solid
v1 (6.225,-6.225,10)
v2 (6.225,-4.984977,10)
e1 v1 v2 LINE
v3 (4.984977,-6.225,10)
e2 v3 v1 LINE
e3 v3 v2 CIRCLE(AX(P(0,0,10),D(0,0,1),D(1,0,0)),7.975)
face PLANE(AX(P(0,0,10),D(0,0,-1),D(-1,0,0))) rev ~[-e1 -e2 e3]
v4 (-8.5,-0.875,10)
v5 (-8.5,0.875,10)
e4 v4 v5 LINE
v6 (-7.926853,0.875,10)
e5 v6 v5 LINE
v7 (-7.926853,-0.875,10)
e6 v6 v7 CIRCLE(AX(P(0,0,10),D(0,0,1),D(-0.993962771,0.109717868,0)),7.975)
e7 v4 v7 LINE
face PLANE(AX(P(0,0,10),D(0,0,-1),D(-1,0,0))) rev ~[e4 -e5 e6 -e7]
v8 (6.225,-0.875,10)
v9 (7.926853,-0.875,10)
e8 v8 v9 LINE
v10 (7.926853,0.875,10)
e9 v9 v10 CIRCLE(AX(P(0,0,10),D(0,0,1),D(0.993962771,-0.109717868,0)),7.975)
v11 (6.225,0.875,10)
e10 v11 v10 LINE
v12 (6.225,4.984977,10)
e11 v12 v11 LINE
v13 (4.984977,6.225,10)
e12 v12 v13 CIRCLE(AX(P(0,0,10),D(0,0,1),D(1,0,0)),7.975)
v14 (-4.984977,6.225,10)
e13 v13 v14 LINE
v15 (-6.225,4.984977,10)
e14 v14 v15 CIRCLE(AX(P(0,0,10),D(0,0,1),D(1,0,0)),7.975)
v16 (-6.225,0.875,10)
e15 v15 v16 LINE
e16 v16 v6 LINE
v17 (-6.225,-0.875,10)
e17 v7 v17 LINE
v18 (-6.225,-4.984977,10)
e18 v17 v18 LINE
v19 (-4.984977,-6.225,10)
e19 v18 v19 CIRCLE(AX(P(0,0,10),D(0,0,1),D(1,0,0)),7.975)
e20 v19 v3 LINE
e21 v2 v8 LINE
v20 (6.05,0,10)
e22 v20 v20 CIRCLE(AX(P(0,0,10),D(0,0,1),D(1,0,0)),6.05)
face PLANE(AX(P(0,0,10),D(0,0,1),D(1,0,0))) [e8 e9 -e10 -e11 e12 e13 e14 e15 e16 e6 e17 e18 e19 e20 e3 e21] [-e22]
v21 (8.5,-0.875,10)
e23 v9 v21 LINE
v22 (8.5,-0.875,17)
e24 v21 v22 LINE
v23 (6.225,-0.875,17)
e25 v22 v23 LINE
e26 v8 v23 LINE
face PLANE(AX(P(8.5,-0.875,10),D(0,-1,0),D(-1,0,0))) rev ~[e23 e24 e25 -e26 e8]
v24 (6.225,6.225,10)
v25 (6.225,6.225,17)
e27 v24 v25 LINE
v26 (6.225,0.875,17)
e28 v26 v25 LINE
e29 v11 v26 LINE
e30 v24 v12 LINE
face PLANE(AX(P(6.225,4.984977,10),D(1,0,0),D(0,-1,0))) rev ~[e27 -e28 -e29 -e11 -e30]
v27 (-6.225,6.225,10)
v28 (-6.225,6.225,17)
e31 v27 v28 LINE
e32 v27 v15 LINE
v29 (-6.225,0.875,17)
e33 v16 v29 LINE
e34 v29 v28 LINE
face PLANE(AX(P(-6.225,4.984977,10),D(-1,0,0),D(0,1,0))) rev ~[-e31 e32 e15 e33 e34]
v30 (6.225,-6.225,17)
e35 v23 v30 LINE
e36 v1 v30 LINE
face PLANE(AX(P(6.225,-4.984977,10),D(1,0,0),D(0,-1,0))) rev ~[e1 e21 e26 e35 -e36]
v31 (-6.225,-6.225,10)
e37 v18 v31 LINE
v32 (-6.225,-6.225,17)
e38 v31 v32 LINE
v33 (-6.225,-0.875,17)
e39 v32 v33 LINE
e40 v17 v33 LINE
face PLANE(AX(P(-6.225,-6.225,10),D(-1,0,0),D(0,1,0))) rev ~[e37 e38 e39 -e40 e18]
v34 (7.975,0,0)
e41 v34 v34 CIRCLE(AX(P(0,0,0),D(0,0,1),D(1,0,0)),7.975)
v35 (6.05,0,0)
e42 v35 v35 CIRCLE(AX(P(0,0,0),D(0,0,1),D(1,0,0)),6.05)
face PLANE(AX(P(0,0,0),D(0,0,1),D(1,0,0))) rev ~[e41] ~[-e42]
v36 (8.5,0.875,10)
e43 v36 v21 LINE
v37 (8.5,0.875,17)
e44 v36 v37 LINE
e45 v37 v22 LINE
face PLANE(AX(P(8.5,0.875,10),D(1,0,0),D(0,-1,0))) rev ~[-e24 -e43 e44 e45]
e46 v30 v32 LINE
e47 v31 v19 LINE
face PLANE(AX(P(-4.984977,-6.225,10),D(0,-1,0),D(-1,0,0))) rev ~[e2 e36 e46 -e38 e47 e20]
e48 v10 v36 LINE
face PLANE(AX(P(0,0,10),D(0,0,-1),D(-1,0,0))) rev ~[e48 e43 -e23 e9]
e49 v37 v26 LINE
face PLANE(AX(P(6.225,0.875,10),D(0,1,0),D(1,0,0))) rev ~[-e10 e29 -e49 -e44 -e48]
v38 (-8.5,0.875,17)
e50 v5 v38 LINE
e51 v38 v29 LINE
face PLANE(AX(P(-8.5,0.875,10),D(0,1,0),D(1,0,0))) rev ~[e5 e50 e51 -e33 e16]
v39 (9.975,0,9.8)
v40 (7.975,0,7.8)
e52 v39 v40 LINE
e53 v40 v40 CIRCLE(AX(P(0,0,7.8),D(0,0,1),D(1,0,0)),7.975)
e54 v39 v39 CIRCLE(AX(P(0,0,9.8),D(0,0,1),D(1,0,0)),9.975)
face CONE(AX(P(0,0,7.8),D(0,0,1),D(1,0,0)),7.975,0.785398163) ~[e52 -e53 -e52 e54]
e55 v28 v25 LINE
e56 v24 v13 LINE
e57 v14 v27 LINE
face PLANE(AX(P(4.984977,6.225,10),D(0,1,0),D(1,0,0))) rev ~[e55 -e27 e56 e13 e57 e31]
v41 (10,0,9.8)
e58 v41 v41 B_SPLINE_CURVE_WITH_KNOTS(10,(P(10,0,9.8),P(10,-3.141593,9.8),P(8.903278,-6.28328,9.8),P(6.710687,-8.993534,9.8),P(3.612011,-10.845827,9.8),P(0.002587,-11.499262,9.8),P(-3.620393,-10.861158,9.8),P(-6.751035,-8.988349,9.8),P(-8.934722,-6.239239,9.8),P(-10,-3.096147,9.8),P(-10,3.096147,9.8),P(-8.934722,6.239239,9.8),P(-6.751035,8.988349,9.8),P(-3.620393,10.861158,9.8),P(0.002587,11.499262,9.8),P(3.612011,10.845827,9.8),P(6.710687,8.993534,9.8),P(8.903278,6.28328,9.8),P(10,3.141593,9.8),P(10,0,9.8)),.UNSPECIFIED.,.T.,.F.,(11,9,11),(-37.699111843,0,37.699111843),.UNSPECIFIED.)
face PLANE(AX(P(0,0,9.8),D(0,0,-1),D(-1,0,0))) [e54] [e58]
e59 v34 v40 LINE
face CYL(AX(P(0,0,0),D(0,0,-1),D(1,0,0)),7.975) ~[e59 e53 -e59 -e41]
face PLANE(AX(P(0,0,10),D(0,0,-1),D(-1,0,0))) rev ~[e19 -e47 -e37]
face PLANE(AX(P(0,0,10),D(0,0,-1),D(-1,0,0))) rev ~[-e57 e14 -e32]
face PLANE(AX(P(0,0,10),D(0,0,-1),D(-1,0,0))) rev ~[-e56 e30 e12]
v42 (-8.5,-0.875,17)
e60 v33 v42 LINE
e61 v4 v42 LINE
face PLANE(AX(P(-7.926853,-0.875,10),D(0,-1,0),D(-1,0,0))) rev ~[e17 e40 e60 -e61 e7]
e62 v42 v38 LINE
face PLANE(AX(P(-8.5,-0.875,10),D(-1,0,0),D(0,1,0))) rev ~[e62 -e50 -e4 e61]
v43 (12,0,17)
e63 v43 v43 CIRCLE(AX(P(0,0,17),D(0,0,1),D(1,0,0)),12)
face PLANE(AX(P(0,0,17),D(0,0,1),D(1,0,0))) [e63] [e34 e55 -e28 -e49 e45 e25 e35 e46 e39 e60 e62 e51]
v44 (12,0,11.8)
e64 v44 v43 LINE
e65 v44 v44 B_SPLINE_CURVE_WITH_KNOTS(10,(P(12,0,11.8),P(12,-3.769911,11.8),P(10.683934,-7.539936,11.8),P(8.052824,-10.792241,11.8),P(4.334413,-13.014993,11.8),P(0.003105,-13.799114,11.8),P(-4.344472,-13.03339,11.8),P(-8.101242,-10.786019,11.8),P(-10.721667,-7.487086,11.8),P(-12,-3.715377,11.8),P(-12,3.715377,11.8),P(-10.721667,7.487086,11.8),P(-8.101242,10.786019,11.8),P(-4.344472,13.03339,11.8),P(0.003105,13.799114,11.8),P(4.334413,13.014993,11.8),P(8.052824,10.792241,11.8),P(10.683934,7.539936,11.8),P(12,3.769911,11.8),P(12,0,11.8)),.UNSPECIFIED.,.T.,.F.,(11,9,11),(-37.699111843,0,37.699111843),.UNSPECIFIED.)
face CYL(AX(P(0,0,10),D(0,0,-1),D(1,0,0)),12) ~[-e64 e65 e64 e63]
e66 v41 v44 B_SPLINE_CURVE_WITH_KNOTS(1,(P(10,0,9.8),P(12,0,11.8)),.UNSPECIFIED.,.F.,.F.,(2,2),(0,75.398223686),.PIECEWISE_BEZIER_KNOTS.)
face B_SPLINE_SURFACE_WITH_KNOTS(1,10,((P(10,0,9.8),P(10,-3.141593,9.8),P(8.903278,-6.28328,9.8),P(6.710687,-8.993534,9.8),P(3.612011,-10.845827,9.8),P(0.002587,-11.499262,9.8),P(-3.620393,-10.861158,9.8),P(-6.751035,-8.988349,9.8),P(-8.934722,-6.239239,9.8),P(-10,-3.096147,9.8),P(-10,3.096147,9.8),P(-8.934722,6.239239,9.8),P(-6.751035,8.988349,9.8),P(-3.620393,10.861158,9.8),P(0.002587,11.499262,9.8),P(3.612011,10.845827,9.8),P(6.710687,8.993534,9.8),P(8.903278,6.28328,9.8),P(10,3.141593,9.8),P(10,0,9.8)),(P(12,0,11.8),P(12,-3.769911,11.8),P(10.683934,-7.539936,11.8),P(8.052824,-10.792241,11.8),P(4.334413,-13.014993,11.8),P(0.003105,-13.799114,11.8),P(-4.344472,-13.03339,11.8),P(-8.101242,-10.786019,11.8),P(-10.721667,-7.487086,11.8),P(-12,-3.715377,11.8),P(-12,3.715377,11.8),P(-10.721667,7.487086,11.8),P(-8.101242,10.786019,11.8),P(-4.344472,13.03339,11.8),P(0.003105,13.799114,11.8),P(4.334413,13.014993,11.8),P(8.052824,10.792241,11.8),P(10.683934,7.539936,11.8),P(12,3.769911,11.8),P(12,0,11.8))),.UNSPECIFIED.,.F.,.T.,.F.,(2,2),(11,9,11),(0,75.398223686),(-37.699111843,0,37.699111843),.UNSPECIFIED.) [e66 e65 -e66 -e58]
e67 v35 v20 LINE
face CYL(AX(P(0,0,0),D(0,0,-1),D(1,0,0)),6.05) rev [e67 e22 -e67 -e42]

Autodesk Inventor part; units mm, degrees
ref_plane "YZ Plane" through (0, 0, 0) normal (1, 0, 0) x (0, 1, 0)
ref_plane "XZ Plane" through (0, 0, 0) normal (0, 1, 0) x (-1, 0, 0)
ref_plane "XY Plane" through (0, 0, 0) normal (0, 0, 1) x (1, 0, 0)
sketch "Sketch1" plane through (0, 0, 0) normal (0, 0, 1) x (1, 0, 0)
  circle A0 centre (0, 0) radius 7.975
  circle A1 centre (0, 0) radius 6.05
  dimension "d0" = 15.95
  dimension "d1" = 12.1
extrude "Extrusion1" add sketch "Sketch1" along normal blind 10
sketch "Sketch2" plane through (0, 0, 10) normal (0, 0, 1) x (1, 0, 0)
  circle A0 centre (0, 0) radius 7.975 projected
  line L0 (-6.225, 6.225) -> (6.225, 6.225)
  line L1 (6.225, 6.225) -> (6.225, -6.225)
  line L2 (6.225, -6.225) -> (-6.225, -6.225)
  line L3 (-6.225, -6.225) -> (-6.225, 6.225)
  line L4 (-6.225, 6.225) -> (6.225, -6.225) construction
  line L5 (6.225, 6.225) -> (-6.225, -6.225) construction
  line L6 (-8.5, 0.875) -> (8.5, 0.875)
  line L7 (8.5, 0.875) -> (8.5, -0.875)
  line L8 (8.5, -0.875) -> (-8.5, -0.875)
  line L9 (-8.5, -0.875) -> (-8.5, 0.875)
  line L10 (-8.5, 0.875) -> (8.5, -0.875) construction
  line L11 (8.5, 0.875) -> (-8.5, -0.875) construction
  circle A1 centre (0, 0) radius 12
  point P0 (4.985, -6.225)
  point P1 (-4.985, -6.225)
  point P2 (7.9269, -0.875)
  point P3 (6.225, -0.875)
  point P4 (6.225, -4.985)
  point P5 (-6.225, -0.875)
  point P6 (-7.9269, -0.875)
  point P7 (-6.225, -4.985)
  point P8 (6.225, 0.875)
  point P9 (7.9269, 0.875)
  point P10 (6.225, 4.985)
  point P11 (-7.9269, 0.875)
  point P12 (-6.225, 0.875)
  point P13 (-6.225, 4.985)
  point P14 (-4.985, 6.225)
  point P15 (4.985, 6.225)
  dimension "d4" = 12.45
  dimension "d5" = 12.45
  dimension "d6" = 17
  dimension "d7" = 1.75
  dimension "d10" = 24
extrude "Extrusion2" add sketch "Sketch2" along normal blind 7 contours L6 L1 A0 | A0 L1 L8 | L0 A0 | L6 A0 L3 | A0 L2 | L3 A0 L8 | A1
sketch "Sketch3" plane through (0, 0, 10) normal (0, 0, -1) x (-1, 0, 0)
  circle A0 centre (0, 0) radius 7.975 projected
  circle A1 centre (0, 0) radius 12 projected
extrude "Extrusion3" add sketch "Sketch3" along normal blind 0.2
chamfer "Chamfer1" distance 2 angle 45 1 edges at (-7.975, 0, 9.8)
chamfer "Chamfer2" distance 2 angle 45 1 edges at (12, 0, 9.8)
properties part number "CouplerAdapter"
